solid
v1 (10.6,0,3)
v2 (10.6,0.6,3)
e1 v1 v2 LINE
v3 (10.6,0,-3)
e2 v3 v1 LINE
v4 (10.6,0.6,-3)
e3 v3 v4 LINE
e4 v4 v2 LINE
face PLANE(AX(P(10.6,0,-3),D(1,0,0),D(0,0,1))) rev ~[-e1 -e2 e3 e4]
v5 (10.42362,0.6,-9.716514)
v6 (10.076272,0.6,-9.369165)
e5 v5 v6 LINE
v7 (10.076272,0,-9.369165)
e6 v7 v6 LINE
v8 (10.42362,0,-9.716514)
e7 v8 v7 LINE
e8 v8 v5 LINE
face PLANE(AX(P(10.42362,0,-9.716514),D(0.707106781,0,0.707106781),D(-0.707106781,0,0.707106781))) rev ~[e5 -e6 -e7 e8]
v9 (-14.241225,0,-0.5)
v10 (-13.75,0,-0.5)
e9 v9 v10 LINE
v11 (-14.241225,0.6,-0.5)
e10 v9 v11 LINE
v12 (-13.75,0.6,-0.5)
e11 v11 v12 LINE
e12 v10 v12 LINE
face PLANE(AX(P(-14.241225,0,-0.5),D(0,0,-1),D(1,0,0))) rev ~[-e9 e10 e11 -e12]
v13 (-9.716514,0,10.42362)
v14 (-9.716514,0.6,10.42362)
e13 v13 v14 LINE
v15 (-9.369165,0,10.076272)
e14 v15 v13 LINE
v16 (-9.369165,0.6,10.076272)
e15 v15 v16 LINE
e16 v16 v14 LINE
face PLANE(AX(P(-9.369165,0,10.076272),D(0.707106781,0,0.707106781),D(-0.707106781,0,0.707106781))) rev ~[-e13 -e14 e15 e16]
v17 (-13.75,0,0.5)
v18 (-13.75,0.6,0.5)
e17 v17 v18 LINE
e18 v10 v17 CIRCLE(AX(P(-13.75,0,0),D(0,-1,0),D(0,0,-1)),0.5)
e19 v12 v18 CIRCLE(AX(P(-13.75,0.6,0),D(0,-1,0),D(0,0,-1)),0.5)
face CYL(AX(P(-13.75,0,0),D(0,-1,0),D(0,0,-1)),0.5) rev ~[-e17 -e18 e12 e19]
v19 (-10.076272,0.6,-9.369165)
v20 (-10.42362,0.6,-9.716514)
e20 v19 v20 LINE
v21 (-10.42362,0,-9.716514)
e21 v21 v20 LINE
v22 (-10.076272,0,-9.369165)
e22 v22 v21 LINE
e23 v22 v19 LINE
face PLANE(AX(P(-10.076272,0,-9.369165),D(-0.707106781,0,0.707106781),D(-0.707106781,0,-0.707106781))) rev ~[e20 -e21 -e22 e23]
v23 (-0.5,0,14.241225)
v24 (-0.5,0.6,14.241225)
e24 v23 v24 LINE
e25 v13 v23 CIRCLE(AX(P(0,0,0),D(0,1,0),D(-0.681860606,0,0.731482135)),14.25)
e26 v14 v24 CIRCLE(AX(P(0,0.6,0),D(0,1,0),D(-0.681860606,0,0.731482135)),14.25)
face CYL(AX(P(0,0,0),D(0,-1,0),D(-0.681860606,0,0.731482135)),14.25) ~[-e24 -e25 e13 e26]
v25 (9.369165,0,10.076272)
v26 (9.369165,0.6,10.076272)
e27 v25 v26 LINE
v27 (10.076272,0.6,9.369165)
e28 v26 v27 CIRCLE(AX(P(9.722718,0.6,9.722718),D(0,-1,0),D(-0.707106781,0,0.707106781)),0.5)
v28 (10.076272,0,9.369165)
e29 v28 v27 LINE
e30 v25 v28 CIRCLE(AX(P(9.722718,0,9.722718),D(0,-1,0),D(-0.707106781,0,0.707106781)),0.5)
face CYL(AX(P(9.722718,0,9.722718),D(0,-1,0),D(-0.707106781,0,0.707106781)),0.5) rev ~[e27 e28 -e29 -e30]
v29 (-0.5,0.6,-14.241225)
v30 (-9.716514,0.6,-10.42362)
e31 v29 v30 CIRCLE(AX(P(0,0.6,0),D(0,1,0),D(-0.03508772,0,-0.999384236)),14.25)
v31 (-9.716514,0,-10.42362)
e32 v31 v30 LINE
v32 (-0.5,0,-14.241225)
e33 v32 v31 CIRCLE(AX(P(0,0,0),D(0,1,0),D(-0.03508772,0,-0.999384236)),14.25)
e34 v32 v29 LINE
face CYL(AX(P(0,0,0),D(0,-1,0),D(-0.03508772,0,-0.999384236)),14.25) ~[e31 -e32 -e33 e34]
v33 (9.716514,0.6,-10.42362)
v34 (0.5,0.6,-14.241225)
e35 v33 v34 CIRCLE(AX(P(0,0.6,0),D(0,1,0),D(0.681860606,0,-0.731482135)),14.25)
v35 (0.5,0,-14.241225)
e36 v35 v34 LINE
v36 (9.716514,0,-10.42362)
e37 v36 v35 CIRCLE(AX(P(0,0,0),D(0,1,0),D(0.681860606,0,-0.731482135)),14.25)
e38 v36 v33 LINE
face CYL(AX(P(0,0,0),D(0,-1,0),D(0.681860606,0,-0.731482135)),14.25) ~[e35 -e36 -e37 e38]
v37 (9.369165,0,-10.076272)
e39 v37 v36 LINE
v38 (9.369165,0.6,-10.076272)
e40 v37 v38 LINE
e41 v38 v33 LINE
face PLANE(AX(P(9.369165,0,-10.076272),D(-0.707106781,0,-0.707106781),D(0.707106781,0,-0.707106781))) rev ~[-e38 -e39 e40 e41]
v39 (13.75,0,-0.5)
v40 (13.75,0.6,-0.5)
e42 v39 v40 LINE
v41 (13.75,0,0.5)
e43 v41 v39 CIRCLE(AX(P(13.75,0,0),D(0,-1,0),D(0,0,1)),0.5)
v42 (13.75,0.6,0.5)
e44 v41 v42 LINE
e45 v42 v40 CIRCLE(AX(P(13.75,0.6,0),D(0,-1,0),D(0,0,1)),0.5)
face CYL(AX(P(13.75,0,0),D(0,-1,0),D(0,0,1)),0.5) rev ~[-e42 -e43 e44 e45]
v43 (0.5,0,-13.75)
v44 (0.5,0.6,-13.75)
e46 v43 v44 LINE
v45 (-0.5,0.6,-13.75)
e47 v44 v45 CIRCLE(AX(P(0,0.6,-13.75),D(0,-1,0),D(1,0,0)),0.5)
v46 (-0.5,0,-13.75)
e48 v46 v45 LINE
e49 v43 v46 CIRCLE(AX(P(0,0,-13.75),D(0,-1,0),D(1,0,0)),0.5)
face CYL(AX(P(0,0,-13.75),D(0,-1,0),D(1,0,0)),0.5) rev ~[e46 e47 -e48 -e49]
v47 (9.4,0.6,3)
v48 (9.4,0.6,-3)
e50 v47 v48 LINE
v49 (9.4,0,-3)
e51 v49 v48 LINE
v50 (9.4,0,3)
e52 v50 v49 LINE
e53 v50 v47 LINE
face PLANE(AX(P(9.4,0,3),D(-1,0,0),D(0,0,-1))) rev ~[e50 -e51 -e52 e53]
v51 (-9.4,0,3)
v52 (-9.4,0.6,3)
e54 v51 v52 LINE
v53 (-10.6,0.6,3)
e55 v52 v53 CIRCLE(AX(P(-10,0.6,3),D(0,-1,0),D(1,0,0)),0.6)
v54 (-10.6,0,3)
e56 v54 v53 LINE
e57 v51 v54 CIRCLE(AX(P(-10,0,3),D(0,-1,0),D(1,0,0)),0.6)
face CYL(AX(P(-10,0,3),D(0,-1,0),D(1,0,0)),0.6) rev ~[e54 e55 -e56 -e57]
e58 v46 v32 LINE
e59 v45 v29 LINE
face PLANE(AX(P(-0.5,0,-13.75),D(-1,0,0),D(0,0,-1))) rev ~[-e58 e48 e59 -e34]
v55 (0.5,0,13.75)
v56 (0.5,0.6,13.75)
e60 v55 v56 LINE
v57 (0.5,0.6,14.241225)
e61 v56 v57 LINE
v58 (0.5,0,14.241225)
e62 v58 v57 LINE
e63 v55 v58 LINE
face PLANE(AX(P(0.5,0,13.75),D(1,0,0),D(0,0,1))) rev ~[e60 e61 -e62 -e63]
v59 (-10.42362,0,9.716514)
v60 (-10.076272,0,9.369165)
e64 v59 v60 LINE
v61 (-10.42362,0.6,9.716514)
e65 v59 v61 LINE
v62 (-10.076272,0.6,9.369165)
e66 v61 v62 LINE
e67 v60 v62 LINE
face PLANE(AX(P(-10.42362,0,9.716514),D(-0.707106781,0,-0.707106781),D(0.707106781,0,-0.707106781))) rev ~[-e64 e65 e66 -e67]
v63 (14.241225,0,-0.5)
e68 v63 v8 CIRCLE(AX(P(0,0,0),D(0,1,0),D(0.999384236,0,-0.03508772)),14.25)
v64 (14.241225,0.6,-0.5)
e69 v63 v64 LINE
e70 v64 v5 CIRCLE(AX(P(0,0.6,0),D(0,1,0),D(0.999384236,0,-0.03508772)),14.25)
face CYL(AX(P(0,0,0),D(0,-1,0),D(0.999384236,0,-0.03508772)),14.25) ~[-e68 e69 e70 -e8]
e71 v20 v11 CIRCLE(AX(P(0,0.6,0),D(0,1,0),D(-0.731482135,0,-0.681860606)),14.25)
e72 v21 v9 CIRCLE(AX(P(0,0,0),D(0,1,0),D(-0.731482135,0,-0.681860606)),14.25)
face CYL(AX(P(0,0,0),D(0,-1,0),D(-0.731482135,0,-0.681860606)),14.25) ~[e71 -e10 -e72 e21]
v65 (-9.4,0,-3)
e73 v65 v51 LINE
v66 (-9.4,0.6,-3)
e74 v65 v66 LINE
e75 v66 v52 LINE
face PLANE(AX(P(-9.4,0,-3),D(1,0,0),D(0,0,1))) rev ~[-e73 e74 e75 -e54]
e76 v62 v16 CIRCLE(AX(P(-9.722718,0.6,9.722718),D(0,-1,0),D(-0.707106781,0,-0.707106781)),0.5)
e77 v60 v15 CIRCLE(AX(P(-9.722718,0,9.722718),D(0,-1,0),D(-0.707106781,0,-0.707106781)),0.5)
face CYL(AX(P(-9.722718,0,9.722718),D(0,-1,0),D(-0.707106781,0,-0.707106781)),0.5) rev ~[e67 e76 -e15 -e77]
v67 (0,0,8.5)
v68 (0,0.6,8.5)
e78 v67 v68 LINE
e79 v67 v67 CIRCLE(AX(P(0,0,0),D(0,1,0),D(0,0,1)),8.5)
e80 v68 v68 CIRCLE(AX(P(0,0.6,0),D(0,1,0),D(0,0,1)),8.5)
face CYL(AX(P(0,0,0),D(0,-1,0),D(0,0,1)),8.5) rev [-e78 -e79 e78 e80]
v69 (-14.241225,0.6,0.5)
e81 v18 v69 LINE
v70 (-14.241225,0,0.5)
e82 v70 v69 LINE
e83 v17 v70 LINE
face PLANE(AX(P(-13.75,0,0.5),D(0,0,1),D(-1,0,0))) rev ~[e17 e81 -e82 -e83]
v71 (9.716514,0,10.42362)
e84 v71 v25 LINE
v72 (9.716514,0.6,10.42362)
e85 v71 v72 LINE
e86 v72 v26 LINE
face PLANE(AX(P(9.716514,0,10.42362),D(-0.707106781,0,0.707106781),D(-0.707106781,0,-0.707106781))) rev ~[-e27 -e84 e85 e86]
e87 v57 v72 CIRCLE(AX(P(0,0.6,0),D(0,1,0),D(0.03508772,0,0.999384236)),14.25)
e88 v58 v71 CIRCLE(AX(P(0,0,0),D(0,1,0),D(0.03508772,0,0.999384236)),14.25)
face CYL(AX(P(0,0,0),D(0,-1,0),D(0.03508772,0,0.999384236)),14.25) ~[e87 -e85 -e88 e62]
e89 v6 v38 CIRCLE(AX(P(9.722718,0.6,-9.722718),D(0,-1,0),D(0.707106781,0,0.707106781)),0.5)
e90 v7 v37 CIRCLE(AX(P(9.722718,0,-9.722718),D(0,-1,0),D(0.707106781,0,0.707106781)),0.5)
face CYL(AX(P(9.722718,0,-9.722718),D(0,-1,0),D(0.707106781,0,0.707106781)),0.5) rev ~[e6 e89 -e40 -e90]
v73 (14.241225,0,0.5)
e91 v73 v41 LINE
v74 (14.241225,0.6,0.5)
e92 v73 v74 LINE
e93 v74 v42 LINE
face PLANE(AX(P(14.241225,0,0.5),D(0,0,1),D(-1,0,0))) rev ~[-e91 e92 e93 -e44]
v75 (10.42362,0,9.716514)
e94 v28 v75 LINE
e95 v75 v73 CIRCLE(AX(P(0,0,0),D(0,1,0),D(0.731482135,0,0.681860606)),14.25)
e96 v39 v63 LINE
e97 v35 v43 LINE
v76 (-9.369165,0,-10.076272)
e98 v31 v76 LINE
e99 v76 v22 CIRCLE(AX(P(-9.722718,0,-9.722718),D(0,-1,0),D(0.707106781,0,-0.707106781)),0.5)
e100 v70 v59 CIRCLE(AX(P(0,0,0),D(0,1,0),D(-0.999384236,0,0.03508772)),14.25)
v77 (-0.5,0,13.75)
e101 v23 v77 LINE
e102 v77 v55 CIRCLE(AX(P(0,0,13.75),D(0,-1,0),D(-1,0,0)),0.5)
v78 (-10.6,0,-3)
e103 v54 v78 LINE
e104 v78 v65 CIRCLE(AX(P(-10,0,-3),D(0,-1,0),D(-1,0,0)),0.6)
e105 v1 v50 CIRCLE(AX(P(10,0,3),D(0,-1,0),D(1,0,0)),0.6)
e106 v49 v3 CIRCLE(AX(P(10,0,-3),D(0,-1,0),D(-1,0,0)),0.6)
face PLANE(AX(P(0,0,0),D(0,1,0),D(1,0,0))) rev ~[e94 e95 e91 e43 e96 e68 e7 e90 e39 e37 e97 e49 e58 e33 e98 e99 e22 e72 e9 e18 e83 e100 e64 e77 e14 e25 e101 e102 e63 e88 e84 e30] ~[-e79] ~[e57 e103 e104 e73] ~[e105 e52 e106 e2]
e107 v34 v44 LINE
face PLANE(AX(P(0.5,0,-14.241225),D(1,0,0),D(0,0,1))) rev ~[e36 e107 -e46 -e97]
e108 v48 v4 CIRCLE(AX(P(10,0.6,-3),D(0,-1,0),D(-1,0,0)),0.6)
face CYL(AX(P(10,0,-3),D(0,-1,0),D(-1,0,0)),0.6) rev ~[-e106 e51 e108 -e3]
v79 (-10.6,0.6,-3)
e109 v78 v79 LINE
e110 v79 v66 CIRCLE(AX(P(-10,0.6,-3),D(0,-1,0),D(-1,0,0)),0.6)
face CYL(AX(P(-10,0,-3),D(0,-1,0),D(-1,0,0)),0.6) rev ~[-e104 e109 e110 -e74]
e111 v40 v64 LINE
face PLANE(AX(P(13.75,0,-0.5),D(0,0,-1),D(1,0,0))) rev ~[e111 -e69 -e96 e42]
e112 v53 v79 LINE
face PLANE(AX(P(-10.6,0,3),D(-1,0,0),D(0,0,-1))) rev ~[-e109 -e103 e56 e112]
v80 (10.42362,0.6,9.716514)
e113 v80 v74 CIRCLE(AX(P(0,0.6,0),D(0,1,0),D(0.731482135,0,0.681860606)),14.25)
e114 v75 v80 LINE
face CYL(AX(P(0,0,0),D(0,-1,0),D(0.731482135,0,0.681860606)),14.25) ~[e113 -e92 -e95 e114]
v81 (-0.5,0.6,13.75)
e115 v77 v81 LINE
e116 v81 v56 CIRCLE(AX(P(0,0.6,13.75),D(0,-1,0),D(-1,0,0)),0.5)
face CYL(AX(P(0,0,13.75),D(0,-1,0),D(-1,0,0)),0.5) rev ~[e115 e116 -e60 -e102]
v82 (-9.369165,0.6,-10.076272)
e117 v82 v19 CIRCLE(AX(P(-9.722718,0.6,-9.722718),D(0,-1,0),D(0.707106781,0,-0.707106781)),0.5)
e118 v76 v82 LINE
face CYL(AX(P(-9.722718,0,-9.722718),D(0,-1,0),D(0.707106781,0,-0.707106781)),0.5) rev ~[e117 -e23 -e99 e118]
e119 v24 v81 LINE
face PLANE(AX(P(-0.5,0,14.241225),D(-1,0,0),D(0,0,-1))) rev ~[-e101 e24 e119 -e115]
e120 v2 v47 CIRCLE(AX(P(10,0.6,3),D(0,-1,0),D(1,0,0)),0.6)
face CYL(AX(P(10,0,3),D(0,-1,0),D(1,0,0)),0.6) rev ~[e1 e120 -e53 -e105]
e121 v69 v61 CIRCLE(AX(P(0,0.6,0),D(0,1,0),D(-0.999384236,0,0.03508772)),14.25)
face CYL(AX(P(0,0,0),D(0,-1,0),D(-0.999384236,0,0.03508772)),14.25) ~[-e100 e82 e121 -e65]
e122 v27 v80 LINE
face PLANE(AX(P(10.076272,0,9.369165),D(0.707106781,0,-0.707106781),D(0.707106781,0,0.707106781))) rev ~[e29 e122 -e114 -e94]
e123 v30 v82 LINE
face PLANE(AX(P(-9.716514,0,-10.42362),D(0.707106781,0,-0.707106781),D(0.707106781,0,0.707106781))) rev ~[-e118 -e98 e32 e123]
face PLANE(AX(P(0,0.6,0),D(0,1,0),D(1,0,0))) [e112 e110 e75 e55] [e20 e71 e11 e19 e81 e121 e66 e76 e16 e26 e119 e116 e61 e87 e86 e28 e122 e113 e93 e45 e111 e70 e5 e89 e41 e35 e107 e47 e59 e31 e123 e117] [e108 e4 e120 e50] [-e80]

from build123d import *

# Parameters (mm, degrees)
SKETCH1_R           = 8.5
BOSS_EXTRUDE1_DEPTH = 0.6


with BuildPart() as part:
    # Sketch1 → Boss-Extrude1 (new body)
    with BuildSketch(Plane(origin=(0, 0, 0), x_dir=(1, 0, 0), z_dir=(0, 1, 0))):
        with BuildLine():
            Line((-0.5, -14.241225369), (-0.5, -13.75))
            ThreePointArc((-0.5, -13.75), (0, -13.25), (0.5, -13.75))
            Line((0.5, -13.75), (0.5, -14.241225369))
            ThreePointArc((0.5, -14.241225369), (5.453238911, -13.165283338), (9.71651364, -10.423620421))
            Line((9.71651364, -10.423620421), (9.369164851, -10.076271632))
            ThreePointArc((9.369164851, -10.076271632), (9.369164851, -9.369164851), (10.076271632, -9.369164851))
            Line((10.076271632, -9.369164851), (10.423620421, -9.71651364))
            ThreePointArc((10.423620421, -9.71651364), (13.165283338, -5.453238911), (14.241225369, -0.5))
            Line((14.241225369, -0.5), (13.75, -0.5))
            ThreePointArc((13.75, -0.5), (13.25, 0), (13.75, 0.5))
            Line((13.75, 0.5), (14.241225369, 0.5))
            ThreePointArc((14.241225369, 0.5), (13.165283338, 5.453238911), (10.423620421, 9.71651364))
            Line((10.423620421, 9.71651364), (10.076271632, 9.369164851))
            ThreePointArc((10.076271632, 9.369164851), (9.369164851, 9.369164851), (9.369164851, 10.076271632))
            Line((9.369164851, 10.076271632), (9.71651364, 10.423620421))
            ThreePointArc((9.71651364, 10.423620421), (5.453238911, 13.165283338), (0.5, 14.241225369))
            Line((0.5, 14.241225369), (0.5, 13.75))
            ThreePointArc((0.5, 13.75), (0, 13.25), (-0.5, 13.75))
            Line((-0.5, 13.75), (-0.5, 14.241225369))
            ThreePointArc((-0.5, 14.241225369), (-5.453238911, 13.165283338), (-9.71651364, 10.423620421))
            Line((-9.71651364, 10.423620421), (-9.369164851, 10.076271632))
            ThreePointArc((-9.369164851, 10.076271632), (-9.369164851, 9.369164851), (-10.076271632, 9.369164851))
            Line((-10.076271632, 9.369164851), (-10.423620421, 9.71651364))
            ThreePointArc((-10.423620421, 9.71651364), (-13.165283338, 5.453238911), (-14.241225369, 0.5))
            Line((-14.241225369, 0.5), (-13.75, 0.5))
            ThreePointArc((-13.75, 0.5), (-13.25, 0), (-13.75, -0.5))
            Line((-13.75, -0.5), (-14.241225369, -0.5))
            ThreePointArc((-14.241225369, -0.5), (-13.165283338, -5.453238911), (-10.423620421, -9.71651364))
            Line((-10.423620421, -9.71651364), (-10.076271632, -9.369164851))
            ThreePointArc((-10.076271632, -9.369164851), (-9.369164851, -9.369164851), (-9.369164851, -10.076271632))
            Line((-9.369164851, -10.076271632), (-9.71651364, -10.423620421))
            ThreePointArc((-9.71651364, -10.423620421), (-5.453238911, -13.165283338), (-0.5, -14.241225369))
        make_face()
        with BuildLine():
            Line((-9.4, 3), (-9.4, -3))
            ThreePointArc((-9.4, -3), (-10, -3.6), (-10.6, -3))
            Line((-10.6, -3), (-10.6, 3))
            ThreePointArc((-10.6, 3), (-10, 3.6), (-9.4, 3))
        make_face(mode=Mode.SUBTRACT)
        with Locations(Location((0, 0, 0), (0, 0, 270))):
            Circle(SKETCH1_R, mode=Mode.SUBTRACT)
        with BuildLine():
            ThreePointArc((10.6, -3), (10, -3.6), (9.4, -3))
            Line((9.4, -3), (9.4, 3))
            ThreePointArc((9.4, 3), (10, 3.6), (10.6, 3))
            Line((10.6, 3), (10.6, -3))
        make_face(mode=Mode.SUBTRACT)
    extrude(amount=BOSS_EXTRUDE1_DEPTH)


solid = part.part
